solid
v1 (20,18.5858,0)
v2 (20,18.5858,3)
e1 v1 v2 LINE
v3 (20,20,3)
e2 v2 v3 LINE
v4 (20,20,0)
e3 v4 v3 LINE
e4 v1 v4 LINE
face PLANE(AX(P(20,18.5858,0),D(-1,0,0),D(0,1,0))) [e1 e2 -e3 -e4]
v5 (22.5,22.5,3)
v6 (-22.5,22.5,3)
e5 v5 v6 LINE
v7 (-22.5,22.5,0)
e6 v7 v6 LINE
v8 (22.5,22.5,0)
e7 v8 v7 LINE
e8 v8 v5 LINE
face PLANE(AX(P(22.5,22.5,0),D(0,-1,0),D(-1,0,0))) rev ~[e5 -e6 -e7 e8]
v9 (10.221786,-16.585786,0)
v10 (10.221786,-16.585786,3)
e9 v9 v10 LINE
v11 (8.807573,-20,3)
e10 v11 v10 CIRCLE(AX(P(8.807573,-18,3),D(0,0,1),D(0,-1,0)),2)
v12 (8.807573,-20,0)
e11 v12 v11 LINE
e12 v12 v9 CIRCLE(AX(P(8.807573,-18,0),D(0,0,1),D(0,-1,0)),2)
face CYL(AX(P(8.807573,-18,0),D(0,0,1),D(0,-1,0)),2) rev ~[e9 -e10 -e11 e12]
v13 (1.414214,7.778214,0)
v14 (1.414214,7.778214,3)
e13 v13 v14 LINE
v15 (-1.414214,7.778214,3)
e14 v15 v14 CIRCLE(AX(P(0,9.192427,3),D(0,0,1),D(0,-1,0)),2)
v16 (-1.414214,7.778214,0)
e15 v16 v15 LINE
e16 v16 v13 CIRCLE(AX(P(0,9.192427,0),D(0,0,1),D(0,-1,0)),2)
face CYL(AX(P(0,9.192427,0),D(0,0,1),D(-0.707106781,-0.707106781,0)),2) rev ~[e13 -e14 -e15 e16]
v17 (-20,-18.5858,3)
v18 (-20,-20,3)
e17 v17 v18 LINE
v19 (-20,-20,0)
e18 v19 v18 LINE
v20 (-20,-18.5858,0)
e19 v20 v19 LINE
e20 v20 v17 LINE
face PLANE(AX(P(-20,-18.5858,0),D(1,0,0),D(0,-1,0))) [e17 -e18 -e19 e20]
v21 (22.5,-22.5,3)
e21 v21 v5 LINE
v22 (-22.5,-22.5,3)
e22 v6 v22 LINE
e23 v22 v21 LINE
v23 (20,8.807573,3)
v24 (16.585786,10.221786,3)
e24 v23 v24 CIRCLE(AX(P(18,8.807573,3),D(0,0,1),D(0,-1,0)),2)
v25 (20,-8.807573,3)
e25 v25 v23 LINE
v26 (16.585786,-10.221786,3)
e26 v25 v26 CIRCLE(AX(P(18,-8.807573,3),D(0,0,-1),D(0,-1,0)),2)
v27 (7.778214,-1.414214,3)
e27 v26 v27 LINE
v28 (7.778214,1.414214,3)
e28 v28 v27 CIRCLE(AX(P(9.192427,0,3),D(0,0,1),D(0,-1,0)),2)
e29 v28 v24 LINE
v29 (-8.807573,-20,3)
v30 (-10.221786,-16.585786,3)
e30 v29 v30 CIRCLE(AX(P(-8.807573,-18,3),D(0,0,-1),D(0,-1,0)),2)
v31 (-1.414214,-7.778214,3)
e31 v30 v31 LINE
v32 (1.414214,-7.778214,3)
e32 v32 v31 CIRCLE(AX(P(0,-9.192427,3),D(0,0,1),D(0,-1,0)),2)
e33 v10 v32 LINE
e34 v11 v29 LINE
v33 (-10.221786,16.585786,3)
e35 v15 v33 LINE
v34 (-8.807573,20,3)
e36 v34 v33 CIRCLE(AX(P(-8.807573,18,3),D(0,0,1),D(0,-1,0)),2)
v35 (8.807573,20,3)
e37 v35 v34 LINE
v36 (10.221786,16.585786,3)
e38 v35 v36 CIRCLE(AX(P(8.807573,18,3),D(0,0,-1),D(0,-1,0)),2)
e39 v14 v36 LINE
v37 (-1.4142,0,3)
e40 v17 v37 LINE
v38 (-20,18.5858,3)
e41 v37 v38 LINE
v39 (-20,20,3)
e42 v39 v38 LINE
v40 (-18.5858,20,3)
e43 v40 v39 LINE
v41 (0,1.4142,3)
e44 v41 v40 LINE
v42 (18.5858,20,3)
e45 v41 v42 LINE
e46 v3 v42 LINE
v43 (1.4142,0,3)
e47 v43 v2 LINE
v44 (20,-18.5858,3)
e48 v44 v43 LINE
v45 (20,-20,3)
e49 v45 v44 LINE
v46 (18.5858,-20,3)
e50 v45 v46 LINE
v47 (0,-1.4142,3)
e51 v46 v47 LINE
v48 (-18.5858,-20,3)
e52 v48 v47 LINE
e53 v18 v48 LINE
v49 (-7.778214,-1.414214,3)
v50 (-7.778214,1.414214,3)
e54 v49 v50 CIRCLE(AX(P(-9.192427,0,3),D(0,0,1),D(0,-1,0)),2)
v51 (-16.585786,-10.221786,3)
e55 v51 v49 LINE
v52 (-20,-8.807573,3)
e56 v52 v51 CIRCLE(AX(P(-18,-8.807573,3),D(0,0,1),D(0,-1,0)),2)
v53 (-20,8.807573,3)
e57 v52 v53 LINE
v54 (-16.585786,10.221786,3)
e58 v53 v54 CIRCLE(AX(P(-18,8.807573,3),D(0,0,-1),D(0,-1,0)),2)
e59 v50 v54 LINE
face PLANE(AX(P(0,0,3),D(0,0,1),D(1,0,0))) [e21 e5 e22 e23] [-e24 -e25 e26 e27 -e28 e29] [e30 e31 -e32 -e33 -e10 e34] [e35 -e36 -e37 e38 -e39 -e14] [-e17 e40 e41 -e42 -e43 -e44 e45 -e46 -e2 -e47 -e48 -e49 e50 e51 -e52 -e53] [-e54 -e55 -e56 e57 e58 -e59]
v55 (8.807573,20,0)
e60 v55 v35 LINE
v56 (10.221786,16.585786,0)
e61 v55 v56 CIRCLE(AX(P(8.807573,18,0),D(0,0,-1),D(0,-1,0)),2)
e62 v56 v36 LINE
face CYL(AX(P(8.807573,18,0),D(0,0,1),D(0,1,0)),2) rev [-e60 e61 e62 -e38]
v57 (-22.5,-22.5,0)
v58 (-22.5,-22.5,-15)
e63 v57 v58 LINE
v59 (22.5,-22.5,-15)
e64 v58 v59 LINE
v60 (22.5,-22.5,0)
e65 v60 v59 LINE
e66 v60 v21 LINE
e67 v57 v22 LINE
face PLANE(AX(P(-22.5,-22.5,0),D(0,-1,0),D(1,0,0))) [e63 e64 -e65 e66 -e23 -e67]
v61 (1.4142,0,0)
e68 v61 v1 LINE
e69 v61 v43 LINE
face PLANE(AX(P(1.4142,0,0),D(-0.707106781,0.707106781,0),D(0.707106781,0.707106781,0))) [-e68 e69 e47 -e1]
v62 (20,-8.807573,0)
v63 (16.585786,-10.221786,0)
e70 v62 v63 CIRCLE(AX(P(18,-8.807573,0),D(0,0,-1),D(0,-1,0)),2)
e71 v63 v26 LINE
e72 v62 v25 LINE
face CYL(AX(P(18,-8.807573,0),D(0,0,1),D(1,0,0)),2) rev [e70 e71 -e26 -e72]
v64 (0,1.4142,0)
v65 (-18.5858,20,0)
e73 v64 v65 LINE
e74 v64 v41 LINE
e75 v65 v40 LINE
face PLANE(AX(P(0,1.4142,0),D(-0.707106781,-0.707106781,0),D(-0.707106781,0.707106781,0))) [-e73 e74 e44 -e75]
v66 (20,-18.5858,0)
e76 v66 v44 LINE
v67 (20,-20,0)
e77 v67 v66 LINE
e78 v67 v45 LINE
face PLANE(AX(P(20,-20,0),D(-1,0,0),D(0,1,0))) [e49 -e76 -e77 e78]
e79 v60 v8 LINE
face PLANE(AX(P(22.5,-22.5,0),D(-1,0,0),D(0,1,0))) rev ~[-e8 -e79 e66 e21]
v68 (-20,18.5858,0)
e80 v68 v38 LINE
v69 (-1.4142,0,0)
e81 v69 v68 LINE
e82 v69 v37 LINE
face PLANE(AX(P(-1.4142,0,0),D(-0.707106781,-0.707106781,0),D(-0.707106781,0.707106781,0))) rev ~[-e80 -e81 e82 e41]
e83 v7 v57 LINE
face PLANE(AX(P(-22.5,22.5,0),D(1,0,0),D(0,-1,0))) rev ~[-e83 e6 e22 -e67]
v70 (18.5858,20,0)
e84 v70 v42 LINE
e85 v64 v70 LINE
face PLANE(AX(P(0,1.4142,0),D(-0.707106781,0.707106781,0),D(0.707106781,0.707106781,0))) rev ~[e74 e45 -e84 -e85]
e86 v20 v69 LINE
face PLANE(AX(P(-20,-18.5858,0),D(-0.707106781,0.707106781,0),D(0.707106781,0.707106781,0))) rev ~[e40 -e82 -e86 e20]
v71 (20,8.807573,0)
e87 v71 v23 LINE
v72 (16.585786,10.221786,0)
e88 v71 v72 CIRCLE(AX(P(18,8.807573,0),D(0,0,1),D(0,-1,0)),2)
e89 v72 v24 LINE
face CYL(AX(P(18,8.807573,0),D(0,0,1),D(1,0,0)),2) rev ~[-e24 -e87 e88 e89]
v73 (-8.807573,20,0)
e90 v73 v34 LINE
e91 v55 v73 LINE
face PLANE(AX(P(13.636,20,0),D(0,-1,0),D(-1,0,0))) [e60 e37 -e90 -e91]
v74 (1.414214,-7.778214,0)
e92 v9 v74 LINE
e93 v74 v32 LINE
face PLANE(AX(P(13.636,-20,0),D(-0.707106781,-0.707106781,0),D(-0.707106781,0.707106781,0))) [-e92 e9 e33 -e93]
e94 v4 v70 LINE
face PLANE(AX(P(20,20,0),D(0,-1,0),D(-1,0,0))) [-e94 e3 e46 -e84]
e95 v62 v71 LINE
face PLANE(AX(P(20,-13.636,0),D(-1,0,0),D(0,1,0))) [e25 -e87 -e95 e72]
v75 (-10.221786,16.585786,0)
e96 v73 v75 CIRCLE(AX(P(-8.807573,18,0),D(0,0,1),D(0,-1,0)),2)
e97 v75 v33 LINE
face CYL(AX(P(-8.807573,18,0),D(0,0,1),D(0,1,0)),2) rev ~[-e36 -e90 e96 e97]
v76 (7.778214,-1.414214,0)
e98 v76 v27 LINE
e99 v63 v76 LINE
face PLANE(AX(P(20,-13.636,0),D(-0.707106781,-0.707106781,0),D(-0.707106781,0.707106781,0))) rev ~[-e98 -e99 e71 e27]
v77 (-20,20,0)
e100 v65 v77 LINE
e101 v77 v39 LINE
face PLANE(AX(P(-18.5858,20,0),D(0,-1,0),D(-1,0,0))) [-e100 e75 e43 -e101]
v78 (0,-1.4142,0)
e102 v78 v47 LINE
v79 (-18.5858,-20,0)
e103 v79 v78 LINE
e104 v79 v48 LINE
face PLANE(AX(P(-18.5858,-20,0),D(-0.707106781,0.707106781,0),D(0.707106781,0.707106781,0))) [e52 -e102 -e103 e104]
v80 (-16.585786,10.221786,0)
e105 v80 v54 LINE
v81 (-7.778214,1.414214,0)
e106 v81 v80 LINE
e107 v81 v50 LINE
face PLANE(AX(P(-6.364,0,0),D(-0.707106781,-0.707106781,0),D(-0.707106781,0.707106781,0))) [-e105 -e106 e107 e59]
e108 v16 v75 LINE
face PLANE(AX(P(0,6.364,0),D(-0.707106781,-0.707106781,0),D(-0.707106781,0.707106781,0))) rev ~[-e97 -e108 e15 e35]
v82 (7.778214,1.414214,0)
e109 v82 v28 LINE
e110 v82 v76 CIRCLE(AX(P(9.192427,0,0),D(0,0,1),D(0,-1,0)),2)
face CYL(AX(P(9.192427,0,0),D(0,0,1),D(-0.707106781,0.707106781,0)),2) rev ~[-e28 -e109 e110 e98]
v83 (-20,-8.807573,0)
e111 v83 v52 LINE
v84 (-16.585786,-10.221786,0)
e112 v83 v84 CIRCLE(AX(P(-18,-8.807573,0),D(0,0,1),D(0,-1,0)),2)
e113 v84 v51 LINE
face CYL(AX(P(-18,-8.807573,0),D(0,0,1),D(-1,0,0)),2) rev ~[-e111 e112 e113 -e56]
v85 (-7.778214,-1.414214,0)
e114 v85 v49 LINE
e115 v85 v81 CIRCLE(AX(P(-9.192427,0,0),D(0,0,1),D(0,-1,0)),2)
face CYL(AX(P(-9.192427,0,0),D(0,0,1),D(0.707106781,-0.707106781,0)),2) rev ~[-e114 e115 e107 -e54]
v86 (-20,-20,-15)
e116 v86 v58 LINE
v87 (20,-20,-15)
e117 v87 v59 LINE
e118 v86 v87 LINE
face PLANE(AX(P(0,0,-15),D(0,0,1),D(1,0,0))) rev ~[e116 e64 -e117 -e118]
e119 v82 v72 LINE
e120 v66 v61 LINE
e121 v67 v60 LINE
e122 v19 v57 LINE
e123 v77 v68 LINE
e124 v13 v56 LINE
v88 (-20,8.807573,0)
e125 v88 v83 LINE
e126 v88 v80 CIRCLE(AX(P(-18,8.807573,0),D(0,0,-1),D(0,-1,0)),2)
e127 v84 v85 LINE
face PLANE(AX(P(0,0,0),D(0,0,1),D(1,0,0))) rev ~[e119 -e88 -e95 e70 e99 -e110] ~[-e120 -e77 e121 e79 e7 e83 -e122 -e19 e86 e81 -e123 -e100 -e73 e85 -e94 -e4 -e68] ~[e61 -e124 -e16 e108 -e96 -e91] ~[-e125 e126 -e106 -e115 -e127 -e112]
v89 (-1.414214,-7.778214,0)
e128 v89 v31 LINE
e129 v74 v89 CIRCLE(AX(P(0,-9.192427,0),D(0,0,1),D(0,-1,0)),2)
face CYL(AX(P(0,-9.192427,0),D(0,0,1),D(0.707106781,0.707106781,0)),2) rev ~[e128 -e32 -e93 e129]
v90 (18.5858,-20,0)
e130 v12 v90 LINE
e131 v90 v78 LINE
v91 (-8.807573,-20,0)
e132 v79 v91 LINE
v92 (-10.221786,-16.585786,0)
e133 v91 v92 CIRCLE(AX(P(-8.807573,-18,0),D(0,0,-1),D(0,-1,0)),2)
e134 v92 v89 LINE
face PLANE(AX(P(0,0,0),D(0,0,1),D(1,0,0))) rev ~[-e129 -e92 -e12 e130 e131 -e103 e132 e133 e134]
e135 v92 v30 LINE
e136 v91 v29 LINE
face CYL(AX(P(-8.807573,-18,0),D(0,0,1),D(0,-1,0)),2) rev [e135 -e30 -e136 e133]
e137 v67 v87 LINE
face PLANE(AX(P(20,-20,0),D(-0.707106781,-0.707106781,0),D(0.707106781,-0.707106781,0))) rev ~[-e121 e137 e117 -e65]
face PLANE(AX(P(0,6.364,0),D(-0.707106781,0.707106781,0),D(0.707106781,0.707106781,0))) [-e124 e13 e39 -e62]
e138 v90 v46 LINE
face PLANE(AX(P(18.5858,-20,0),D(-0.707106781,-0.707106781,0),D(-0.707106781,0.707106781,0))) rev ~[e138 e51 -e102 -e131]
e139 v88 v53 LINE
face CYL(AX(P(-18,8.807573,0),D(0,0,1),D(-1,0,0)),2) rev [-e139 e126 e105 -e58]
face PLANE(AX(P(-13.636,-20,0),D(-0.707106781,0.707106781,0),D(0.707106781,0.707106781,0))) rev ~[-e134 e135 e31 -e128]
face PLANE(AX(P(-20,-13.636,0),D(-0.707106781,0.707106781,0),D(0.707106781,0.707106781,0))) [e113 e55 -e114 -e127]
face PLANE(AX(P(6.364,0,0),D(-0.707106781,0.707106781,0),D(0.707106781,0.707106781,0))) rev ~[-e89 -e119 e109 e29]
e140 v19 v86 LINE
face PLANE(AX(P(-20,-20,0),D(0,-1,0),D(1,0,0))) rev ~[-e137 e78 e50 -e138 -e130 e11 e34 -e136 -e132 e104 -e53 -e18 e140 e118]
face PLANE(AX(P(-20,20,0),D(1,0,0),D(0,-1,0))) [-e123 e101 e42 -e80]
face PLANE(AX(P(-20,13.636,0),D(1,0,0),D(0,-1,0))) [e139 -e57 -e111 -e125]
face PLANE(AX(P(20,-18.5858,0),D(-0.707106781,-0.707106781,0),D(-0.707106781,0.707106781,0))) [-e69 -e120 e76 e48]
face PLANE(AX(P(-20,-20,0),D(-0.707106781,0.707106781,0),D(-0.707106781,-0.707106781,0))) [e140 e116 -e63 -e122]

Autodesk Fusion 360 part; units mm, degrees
sketch "Sketch1" plane through (0, 0, 0) normal (0, 0, 1) x (1, 0, 0)
  line L0 (22.5, 22.5) -> (-22.5, 22.5)
  line L1 (-20, 20) -> (-20, 10)
  line L2 (22.5, -22.5) -> (22.5, 22.5)
  line L3 (20, -20) -> (10, -20)
  line L4 (-22.5, 22.5) -> (-22.5, -22.5)
  line L5 (-20, -20) -> (10, -20)
  line L6 (-20, 20) -> (-22.5, 22.5)
  line L7 (20, -20) -> (20, 20)
  line L8 (20, -20) -> (22.5, -22.5)
  line L9 (-20, 10) -> (-20, -20)
  line L10 (20, 20) -> (-20, 20)
  line L11 (-22.5, -22.5) -> (22.5, -22.5)
  line L12 (-18.5858, -20) -> (0, -1.4142)
  line L13 (1.4142, 0) -> (20, 18.5858)
  line L14 (18.5858, -20) -> (0, -1.4142)
  line L15 (-1.4142, 0) -> (-20, 18.5858)
  line L16 (-20, -18.5858) -> (-1.4142, 0)
  line L17 (0, 1.4142) -> (18.5858, 20)
  line L18 (20, -18.5858) -> (1.4142, 0)
  line L19 (0, 1.4142) -> (-18.5858, 20)
  line L20 (-18.5858, -20) -> (0, -1.4142)
  line L21 (1.4142, 0) -> (20, 18.5858)
  line L22 (-20, -18.5858) -> (-1.4142, 0)
  line L23 (0, 1.4142) -> (18.5858, 20)
  line L24 (20, -13.636) -> (6.364, 0)
  line L25 (0, 6.364) -> (-13.636, 20)
  line L26 (-20, -13.636) -> (-6.364, 0)
  line L27 (0, 6.364) -> (13.636, 20)
  line L28 (13.636, -20) -> (0, -6.364)
  line L29 (-6.364, 0) -> (-20, 13.636)
  line L30 (-20, -13.636) -> (-6.364, 0)
  line L31 (0, 6.364) -> (13.636, 20)
  line L32 (-13.636, -20) -> (0, -6.364)
  line L33 (6.364, 0) -> (20, 13.636)
  line L34 (6.364, 0) -> (20, 13.636)
  line L35 (-13.636, -20) -> (0, -6.364)
  line L36 (-20, -20) -> (-22.5, -22.5)
  line L37 (20, 20) -> (22.5, 22.5)
  dimension "d3" = 45
  dimension "d4" = 45
extrude "Extrude1" add sketch "Sketch1" along normal blind 3 contours L0 L6 L10 L37 | L2 L7 L8 L37 | L1 L4 L6 L9 L36 | L3 L5 L8 L11 L36 | L7 L13 L18 L21 L24 L33 L34 | L10 L17 L19 L23 L25 L27 L31 | L1 L9 L15 L16 L22 L26 L29 L30 | L3 L5 L12 L14 L20 L28 L32 L35
fillet "Fillet1" radius 2 12 edges at (-20, 13.636, 1.5) (-20, -13.636, 1.5) (-6.364, 0, 1.5) (0, -6.364, 1.5) (20, 13.636, 1.5) (-13.636, -20, 1.5) (6.364, 0, 1.5) (0, 6.364, 1.5) (13.636, -20, 1.5) (20, -13.636, 1.5) (13.636, 20, 1.5) (-13.636, 20, 1.5)
extrude "Extrude2" add sketch "Sketch1" against normal blind 15 contours L3 L5 L8 L11 L36
